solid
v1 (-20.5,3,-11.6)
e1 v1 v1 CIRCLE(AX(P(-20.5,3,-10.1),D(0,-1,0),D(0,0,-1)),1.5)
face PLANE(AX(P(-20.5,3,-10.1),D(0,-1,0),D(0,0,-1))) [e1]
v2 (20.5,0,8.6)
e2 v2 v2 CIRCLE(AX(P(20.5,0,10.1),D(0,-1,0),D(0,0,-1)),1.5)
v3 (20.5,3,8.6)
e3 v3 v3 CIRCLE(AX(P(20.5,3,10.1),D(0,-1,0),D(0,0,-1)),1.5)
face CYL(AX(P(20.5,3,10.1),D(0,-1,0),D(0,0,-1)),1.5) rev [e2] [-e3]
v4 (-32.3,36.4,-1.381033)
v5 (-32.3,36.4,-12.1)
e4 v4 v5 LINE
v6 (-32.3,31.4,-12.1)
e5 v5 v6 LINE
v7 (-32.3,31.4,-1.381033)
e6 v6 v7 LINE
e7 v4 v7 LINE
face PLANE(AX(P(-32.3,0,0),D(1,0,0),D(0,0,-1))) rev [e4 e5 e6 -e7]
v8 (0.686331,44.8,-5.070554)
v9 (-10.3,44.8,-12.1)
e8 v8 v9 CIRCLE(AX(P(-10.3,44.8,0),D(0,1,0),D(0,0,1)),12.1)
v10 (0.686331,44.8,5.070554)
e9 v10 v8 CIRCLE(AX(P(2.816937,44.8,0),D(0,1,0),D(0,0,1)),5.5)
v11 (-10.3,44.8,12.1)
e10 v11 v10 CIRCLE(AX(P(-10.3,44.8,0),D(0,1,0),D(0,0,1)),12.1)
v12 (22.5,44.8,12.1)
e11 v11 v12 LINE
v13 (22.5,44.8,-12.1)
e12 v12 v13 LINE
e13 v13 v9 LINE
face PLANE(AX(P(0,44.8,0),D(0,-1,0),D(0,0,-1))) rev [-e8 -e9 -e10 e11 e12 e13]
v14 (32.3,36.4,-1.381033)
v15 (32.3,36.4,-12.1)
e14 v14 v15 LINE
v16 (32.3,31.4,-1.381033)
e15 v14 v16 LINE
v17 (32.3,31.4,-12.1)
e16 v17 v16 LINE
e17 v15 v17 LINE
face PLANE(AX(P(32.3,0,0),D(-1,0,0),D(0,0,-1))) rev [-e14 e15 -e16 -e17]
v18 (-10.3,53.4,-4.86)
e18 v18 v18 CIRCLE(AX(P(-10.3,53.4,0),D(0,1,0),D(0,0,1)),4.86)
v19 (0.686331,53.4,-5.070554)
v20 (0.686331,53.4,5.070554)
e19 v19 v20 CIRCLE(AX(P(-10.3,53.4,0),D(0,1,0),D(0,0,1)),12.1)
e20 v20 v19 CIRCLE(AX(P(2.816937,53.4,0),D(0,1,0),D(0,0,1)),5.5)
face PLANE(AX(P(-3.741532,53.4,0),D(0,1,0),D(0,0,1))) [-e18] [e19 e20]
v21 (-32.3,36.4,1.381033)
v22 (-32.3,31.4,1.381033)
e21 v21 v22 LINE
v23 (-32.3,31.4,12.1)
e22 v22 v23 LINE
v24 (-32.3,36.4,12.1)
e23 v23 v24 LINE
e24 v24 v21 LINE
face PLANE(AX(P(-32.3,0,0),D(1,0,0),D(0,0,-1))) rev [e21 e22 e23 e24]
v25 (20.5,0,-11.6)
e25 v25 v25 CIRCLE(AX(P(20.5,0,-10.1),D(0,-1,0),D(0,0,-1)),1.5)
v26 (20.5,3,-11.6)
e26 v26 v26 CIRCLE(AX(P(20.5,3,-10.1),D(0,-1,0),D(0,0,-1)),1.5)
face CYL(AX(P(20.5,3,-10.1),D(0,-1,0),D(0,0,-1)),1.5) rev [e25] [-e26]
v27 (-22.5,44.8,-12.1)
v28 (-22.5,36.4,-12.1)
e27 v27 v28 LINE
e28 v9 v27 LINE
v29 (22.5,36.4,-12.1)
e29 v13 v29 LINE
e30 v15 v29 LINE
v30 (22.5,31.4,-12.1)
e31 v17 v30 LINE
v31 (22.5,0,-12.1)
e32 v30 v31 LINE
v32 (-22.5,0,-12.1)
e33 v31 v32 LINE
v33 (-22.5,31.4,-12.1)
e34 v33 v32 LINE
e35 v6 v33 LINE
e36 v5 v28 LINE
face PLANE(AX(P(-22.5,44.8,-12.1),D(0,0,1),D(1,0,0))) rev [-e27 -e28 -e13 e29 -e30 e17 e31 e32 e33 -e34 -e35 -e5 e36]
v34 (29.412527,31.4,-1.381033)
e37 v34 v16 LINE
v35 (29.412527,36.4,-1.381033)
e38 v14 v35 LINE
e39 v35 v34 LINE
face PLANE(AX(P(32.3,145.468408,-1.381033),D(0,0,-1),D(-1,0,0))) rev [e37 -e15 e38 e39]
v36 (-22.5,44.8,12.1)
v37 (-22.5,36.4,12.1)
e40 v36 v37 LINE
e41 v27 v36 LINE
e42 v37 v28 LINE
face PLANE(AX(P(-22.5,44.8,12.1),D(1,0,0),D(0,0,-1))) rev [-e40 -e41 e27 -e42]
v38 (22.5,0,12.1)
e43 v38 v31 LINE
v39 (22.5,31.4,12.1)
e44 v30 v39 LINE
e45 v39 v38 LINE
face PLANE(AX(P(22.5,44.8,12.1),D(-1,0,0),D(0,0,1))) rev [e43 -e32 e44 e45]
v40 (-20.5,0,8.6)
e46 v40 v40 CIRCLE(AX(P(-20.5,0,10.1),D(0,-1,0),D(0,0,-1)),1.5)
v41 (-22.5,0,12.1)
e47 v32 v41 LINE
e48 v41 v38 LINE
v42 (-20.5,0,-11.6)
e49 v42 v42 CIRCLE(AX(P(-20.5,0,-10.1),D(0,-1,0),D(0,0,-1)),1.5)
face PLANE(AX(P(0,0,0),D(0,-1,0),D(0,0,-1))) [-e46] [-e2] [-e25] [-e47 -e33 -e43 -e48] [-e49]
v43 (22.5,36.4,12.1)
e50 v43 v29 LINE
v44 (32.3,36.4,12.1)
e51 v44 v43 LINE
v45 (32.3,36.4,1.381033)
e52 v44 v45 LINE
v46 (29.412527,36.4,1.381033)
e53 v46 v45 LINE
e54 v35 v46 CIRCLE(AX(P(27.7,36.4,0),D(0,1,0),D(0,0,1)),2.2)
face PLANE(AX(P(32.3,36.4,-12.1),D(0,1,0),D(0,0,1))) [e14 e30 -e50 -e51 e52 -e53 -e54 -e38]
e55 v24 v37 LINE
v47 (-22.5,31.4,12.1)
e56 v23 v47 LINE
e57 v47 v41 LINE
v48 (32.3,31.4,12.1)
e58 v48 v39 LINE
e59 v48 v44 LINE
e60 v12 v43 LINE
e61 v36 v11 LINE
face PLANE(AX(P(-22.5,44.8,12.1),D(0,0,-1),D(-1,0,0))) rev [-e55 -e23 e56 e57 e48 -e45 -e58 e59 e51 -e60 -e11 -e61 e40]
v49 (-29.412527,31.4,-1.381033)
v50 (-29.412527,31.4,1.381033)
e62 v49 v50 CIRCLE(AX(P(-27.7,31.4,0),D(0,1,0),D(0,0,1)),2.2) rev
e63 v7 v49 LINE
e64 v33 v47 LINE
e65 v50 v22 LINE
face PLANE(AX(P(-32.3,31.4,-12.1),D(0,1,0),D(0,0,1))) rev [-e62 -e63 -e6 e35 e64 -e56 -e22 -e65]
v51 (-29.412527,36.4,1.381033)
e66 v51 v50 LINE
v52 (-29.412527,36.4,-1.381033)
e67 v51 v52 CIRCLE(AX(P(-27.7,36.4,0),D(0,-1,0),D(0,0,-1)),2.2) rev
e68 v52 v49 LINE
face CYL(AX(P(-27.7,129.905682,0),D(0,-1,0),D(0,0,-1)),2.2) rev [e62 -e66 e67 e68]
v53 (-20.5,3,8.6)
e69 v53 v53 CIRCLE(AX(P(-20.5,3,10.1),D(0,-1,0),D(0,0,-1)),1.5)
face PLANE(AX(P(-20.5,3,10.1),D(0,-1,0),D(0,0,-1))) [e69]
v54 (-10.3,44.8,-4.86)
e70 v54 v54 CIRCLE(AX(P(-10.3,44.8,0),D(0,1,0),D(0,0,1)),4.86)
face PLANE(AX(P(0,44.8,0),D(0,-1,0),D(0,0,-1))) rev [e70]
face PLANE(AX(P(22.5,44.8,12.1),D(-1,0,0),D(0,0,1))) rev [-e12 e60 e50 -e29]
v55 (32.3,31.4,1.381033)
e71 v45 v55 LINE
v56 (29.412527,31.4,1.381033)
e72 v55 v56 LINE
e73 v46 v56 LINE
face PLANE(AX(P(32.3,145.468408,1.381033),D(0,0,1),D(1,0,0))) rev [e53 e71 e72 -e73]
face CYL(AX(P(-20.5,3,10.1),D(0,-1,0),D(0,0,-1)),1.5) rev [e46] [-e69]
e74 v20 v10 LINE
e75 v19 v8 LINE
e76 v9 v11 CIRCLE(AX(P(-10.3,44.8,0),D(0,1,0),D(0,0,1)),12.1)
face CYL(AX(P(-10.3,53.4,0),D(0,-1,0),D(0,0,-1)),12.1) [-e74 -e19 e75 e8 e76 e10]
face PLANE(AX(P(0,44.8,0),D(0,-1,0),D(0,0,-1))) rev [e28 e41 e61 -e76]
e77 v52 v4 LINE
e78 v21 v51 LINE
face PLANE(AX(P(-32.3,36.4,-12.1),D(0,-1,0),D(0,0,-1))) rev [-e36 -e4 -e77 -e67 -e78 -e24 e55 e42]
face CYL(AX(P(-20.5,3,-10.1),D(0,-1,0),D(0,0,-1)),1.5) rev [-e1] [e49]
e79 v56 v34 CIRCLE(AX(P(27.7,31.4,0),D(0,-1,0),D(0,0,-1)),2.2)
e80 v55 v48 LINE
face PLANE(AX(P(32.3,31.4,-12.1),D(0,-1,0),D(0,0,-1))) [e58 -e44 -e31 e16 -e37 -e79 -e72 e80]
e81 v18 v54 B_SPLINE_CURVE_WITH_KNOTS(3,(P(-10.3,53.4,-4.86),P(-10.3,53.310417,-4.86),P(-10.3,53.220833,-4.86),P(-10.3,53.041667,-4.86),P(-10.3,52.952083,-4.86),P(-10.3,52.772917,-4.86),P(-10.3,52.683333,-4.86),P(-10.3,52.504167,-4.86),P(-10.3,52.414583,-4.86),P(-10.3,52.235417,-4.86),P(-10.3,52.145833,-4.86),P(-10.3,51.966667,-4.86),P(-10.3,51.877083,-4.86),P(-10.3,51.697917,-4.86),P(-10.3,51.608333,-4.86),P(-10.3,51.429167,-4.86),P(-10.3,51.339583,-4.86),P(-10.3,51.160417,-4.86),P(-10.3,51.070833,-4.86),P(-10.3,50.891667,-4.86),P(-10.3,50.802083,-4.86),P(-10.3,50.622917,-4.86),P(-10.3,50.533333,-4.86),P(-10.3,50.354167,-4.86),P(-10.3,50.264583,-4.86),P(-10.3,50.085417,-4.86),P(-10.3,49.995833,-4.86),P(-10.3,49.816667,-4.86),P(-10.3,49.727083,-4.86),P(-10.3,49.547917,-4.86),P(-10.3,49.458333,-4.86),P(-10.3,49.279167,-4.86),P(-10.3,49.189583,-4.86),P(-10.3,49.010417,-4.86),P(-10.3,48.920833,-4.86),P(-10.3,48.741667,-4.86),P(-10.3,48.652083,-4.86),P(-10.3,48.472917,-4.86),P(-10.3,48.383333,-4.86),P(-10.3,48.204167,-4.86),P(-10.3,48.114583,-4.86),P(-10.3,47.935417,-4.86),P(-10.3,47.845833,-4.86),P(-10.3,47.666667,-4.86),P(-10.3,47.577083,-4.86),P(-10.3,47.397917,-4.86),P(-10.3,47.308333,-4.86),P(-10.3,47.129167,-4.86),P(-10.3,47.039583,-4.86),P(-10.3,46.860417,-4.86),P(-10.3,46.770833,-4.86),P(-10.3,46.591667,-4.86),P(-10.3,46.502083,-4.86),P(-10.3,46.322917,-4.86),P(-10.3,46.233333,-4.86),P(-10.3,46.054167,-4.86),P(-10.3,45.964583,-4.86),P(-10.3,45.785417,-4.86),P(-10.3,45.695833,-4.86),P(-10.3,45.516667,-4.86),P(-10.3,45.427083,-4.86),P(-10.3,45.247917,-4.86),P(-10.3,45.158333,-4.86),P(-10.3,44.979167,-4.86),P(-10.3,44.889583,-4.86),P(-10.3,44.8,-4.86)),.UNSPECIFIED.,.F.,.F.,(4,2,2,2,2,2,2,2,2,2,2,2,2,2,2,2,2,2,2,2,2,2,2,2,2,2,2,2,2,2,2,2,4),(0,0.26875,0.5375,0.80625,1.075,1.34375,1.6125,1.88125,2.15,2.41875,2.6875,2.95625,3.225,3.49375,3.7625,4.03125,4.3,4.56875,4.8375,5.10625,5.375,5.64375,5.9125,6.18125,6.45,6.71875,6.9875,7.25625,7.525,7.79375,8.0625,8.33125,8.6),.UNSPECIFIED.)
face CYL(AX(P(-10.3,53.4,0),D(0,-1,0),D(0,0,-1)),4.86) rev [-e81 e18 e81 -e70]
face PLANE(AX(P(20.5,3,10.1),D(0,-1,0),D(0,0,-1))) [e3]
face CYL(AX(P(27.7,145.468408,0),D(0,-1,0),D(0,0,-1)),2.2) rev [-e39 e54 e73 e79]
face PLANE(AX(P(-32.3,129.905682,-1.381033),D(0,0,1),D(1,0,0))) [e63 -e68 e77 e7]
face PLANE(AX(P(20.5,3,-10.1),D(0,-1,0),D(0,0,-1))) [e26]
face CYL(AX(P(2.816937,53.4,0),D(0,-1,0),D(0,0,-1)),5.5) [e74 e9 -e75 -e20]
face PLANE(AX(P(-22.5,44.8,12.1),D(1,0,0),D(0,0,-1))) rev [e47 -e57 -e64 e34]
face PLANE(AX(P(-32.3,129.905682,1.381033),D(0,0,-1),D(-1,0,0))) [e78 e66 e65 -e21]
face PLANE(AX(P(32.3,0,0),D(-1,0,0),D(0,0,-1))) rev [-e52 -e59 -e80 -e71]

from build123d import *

# Parameters (mm, degrees)
SKETCH1_W           = 45
SKETCH1_H           = 24.2
BOSS_EXTRUDE1_DEPTH = 44.8
SKETCH2_W           = 24.2
SKETCH2_H           = 5
BOSS_EXTRUDE2_DEPTH = 9.8
CUT_EXTRUDE1_DEPTH  = 51.146385712
SKETCH4_R           = 4.86
BOSS_EXTRUDE3_DEPTH = 8.6
SKETCH5_R           = 1.5
CUT_EXTRUDE2_DEPTH  = 3


with BuildPart() as part:
    # Sketch1 → Boss-Extrude1 (new body)
    with BuildSketch(Plane(origin=(0, 0, 0), x_dir=(1, 0, 0), z_dir=(0, 1, 0))):
        Rectangle(SKETCH1_W, SKETCH1_H)
    extrude(amount=BOSS_EXTRUDE1_DEPTH)

    # Sketch2 → Boss-Extrude2 (add)
    with BuildSketch(Plane.ZY.offset(22.5)):
        with Locations((0, 33.9)):
            Rectangle(SKETCH2_W, SKETCH2_H)
    boss_extrude2 = extrude(amount=BOSS_EXTRUDE2_DEPTH)

    # Sketch3 → Cut-Extrude1 (cut, symmetric)
    with BuildSketch(Plane(origin=(0, 36.4, 0), x_dir=(1, 0, 0), z_dir=(0, 1, 0))):
        with BuildLine():
            Line((-29.412527121, 1.381032534), (-32.3, 1.381032534))
            Line((-32.3, 1.381032534), (-32.3, -1.381032534))
            Line((-32.3, -1.381032534), (-29.412527121, -1.381032534))
            ThreePointArc((-29.412527121, -1.381032534), (-25.5, 0), (-29.412527121, 1.381032534))
        make_face()
    cut_extrude1 = extrude(amount=CUT_EXTRUDE1_DEPTH, both=True, mode=Mode.SUBTRACT)

    # Mirror2: Boss-Extrude2, Cut-Extrude1 across plane
    add(boss_extrude2.mirror(Plane.ZY))
    add(cut_extrude1.mirror(Plane.ZY), mode=Mode.SUBTRACT)

    # Sketch4 → Boss-Extrude3 (add)
    with BuildSketch(Plane(origin=(0, 44.8, 0), x_dir=(1, 0, 0), z_dir=(0, 1, 0))):
        with BuildLine():
            ThreePointArc((0.686331497, 5.070554234), (-22.4, 0), (0.686331497, -5.070554234))
            ThreePointArc((0.686331497, -5.070554234), (8.316936989, 0), (0.686331497, 5.070554234))
        make_face()
        with Locations(Location((-10.3, 0, 0), (0, 0, 90))):
            Circle(SKETCH4_R, mode=Mode.SUBTRACT)
    extrude(amount=BOSS_EXTRUDE3_DEPTH)

    # Sketch5 → Cut-Extrude2 (cut)
    with BuildSketch(Plane.XZ):
        with Locations(Location((-20.5, 10.1, 0), (0, 0, 270))):
            Circle(SKETCH5_R)
        with Locations(Location((20.5, 10.1, 0), (0, 0, 270))):
            Circle(SKETCH5_R)
        with Locations(Location((20.5, -10.1, 0), (0, 0, 270))):
            Circle(SKETCH5_R)
        with Locations(Location((-20.5, -10.1, 0), (0, 0, 270))):
            Circle(SKETCH5_R)
    extrude(amount=-CUT_EXTRUDE2_DEPTH, mode=Mode.SUBTRACT)


solid = part.part
